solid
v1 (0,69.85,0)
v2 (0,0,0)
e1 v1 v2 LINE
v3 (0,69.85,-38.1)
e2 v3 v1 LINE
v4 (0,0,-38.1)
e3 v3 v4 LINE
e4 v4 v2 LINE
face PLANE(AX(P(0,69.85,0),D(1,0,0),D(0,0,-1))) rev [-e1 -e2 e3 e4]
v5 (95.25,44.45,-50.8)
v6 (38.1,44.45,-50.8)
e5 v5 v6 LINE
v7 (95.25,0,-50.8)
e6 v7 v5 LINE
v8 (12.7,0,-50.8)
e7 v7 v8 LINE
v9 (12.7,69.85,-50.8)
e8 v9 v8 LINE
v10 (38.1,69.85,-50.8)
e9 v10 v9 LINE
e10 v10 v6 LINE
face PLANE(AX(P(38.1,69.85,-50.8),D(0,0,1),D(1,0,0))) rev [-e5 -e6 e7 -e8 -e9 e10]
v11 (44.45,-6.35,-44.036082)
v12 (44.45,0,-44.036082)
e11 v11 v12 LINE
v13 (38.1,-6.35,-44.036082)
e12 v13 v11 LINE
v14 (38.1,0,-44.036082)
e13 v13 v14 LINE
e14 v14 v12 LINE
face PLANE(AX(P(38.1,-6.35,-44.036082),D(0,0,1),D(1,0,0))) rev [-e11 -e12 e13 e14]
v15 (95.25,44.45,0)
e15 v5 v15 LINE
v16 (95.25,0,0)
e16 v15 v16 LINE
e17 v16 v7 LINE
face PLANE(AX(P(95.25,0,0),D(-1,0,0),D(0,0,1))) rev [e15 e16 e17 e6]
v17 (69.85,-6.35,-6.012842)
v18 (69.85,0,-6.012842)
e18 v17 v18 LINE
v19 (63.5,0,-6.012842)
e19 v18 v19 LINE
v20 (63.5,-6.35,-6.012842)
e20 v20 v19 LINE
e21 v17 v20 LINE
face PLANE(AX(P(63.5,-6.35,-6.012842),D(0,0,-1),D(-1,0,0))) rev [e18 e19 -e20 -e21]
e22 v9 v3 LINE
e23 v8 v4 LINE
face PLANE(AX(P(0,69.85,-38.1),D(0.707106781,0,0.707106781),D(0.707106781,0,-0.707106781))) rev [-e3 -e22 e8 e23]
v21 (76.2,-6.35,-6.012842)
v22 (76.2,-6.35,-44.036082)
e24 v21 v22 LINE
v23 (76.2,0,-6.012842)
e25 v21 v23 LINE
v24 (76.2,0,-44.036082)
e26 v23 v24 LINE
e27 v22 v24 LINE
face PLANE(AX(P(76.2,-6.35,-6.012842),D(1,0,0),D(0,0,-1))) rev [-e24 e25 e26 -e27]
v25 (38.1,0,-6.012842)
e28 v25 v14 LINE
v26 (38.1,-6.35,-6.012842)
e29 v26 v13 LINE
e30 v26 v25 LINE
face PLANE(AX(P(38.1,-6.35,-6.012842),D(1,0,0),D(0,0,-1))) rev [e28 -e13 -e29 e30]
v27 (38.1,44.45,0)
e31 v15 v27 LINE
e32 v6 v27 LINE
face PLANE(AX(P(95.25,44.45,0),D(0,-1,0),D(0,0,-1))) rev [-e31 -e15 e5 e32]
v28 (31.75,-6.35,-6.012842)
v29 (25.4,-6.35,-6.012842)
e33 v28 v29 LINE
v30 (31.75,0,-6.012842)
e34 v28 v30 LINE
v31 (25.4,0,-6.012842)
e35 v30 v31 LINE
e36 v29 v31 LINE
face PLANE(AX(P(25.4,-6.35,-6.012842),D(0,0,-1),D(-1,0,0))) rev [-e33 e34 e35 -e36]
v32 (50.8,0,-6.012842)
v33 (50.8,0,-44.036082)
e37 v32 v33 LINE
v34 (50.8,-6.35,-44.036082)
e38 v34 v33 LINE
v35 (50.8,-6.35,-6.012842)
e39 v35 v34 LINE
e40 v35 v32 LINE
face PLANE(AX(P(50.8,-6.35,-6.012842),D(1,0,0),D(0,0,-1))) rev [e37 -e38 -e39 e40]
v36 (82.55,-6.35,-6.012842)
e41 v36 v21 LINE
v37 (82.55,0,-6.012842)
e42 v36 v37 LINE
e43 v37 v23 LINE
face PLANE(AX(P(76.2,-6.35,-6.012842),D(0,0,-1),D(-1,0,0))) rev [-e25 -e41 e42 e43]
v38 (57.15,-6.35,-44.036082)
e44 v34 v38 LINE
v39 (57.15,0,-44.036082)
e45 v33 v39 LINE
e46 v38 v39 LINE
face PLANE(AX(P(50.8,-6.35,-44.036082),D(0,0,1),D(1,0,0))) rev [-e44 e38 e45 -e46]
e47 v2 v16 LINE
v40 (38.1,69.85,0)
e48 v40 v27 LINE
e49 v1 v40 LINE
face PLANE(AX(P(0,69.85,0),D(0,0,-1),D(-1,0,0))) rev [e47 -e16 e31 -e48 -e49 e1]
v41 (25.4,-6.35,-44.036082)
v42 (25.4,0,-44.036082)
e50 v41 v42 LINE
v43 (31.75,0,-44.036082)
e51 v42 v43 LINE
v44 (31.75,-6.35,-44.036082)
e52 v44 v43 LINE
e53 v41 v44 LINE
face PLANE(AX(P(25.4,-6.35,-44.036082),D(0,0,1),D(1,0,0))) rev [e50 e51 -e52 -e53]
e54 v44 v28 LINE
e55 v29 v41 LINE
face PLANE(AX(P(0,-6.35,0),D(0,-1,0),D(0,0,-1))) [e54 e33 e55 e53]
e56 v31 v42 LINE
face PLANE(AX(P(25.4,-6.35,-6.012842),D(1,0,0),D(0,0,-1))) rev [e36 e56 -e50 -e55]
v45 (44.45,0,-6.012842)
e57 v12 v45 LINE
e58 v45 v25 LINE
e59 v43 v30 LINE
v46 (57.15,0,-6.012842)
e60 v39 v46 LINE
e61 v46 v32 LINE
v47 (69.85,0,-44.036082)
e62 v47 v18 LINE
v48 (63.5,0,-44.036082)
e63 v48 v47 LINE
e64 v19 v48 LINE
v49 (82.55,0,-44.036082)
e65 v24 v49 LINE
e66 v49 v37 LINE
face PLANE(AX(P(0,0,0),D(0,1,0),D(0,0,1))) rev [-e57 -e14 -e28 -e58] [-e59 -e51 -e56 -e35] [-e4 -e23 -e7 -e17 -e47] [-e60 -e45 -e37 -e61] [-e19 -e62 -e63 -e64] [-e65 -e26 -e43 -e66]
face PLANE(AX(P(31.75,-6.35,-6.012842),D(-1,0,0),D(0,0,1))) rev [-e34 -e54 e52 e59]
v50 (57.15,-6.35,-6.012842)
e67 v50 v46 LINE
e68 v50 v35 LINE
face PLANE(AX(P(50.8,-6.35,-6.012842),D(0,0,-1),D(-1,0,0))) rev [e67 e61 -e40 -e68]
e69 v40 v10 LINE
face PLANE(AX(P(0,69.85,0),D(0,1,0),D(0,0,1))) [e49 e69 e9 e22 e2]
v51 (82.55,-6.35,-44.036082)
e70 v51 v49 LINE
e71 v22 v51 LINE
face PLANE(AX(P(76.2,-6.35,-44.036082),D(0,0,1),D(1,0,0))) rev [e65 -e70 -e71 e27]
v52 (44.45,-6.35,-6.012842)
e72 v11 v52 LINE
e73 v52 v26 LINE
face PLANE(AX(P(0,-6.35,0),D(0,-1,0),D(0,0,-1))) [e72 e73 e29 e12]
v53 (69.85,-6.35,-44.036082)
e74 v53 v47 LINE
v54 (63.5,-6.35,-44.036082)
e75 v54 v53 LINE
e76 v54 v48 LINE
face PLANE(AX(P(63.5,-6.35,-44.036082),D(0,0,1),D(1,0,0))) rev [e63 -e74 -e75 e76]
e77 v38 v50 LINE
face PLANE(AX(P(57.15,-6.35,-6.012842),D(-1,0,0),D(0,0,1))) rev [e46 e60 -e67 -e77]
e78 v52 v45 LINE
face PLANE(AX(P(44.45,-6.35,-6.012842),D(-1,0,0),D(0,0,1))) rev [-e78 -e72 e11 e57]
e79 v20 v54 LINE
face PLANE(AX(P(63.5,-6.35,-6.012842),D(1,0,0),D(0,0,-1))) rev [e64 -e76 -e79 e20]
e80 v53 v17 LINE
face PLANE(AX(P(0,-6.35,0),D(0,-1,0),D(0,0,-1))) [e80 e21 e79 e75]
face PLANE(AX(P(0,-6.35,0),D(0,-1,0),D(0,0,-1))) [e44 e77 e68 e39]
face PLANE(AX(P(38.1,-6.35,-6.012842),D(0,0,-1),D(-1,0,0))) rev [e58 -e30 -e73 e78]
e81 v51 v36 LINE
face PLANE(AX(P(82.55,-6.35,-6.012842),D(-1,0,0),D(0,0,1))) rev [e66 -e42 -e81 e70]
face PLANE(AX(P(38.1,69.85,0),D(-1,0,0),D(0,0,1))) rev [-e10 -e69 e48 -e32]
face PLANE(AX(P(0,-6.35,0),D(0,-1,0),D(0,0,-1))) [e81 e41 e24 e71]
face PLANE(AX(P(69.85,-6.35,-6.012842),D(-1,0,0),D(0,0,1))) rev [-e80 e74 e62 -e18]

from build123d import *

# Parameters (mm, degrees)
BOSS_EXTRUDE1_DEPTH = 69.85
SKETCH2_W           = 50.8
SKETCH2_H           = 44.45
BOSS_EXTRUDE2_DEPTH = 57.15
SKETCH3_W           = 6.35
SKETCH3_H           = 38.023239414
BOSS_EXTRUDE3_DEPTH = 6.35


with BuildPart() as part:
    # Sketch1 → Boss-Extrude1 (new body)
    with BuildSketch(Plane(origin=(0, 0, 0), x_dir=(1, 0, 0), z_dir=(0, 1, 0))):
        Polygon((0, 0), (38.1, 0), (38.1, 50.8), (12.7, 50.8), (0, 38.1), align=None)
    extrude(amount=BOSS_EXTRUDE1_DEPTH)

    # Sketch2 → Boss-Extrude2 (add)
    with BuildSketch(Plane(origin=(38.1, 0, 0), x_dir=(0, 0, -1), z_dir=(1, 0, 0))):
        with Locations((25.4, 22.225)):
            Rectangle(SKETCH2_W, SKETCH2_H)
    extrude(amount=BOSS_EXTRUDE2_DEPTH)

    # Sketch3 → Boss-Extrude3 (add)
    with BuildSketch(Plane(origin=(0, 0, 0), x_dir=(-1, 0, 0), z_dir=(0, -1, 0))):
        with Locations((-28.575, 25.024461833)):
            Rectangle(SKETCH3_W, SKETCH3_H)
        with Locations((-41.275, 25.024461833)):
            Rectangle(SKETCH3_W, SKETCH3_H)
        with Locations((-53.975, 25.024461833)):
            Rectangle(SKETCH3_W, SKETCH3_H)
        with Locations((-66.675, 25.024461833)):
            Rectangle(SKETCH3_W, SKETCH3_H)
        with Locations((-79.375, 25.024461833)):
            Rectangle(SKETCH3_W, SKETCH3_H)
    extrude(amount=BOSS_EXTRUDE3_DEPTH)


solid = part.part
